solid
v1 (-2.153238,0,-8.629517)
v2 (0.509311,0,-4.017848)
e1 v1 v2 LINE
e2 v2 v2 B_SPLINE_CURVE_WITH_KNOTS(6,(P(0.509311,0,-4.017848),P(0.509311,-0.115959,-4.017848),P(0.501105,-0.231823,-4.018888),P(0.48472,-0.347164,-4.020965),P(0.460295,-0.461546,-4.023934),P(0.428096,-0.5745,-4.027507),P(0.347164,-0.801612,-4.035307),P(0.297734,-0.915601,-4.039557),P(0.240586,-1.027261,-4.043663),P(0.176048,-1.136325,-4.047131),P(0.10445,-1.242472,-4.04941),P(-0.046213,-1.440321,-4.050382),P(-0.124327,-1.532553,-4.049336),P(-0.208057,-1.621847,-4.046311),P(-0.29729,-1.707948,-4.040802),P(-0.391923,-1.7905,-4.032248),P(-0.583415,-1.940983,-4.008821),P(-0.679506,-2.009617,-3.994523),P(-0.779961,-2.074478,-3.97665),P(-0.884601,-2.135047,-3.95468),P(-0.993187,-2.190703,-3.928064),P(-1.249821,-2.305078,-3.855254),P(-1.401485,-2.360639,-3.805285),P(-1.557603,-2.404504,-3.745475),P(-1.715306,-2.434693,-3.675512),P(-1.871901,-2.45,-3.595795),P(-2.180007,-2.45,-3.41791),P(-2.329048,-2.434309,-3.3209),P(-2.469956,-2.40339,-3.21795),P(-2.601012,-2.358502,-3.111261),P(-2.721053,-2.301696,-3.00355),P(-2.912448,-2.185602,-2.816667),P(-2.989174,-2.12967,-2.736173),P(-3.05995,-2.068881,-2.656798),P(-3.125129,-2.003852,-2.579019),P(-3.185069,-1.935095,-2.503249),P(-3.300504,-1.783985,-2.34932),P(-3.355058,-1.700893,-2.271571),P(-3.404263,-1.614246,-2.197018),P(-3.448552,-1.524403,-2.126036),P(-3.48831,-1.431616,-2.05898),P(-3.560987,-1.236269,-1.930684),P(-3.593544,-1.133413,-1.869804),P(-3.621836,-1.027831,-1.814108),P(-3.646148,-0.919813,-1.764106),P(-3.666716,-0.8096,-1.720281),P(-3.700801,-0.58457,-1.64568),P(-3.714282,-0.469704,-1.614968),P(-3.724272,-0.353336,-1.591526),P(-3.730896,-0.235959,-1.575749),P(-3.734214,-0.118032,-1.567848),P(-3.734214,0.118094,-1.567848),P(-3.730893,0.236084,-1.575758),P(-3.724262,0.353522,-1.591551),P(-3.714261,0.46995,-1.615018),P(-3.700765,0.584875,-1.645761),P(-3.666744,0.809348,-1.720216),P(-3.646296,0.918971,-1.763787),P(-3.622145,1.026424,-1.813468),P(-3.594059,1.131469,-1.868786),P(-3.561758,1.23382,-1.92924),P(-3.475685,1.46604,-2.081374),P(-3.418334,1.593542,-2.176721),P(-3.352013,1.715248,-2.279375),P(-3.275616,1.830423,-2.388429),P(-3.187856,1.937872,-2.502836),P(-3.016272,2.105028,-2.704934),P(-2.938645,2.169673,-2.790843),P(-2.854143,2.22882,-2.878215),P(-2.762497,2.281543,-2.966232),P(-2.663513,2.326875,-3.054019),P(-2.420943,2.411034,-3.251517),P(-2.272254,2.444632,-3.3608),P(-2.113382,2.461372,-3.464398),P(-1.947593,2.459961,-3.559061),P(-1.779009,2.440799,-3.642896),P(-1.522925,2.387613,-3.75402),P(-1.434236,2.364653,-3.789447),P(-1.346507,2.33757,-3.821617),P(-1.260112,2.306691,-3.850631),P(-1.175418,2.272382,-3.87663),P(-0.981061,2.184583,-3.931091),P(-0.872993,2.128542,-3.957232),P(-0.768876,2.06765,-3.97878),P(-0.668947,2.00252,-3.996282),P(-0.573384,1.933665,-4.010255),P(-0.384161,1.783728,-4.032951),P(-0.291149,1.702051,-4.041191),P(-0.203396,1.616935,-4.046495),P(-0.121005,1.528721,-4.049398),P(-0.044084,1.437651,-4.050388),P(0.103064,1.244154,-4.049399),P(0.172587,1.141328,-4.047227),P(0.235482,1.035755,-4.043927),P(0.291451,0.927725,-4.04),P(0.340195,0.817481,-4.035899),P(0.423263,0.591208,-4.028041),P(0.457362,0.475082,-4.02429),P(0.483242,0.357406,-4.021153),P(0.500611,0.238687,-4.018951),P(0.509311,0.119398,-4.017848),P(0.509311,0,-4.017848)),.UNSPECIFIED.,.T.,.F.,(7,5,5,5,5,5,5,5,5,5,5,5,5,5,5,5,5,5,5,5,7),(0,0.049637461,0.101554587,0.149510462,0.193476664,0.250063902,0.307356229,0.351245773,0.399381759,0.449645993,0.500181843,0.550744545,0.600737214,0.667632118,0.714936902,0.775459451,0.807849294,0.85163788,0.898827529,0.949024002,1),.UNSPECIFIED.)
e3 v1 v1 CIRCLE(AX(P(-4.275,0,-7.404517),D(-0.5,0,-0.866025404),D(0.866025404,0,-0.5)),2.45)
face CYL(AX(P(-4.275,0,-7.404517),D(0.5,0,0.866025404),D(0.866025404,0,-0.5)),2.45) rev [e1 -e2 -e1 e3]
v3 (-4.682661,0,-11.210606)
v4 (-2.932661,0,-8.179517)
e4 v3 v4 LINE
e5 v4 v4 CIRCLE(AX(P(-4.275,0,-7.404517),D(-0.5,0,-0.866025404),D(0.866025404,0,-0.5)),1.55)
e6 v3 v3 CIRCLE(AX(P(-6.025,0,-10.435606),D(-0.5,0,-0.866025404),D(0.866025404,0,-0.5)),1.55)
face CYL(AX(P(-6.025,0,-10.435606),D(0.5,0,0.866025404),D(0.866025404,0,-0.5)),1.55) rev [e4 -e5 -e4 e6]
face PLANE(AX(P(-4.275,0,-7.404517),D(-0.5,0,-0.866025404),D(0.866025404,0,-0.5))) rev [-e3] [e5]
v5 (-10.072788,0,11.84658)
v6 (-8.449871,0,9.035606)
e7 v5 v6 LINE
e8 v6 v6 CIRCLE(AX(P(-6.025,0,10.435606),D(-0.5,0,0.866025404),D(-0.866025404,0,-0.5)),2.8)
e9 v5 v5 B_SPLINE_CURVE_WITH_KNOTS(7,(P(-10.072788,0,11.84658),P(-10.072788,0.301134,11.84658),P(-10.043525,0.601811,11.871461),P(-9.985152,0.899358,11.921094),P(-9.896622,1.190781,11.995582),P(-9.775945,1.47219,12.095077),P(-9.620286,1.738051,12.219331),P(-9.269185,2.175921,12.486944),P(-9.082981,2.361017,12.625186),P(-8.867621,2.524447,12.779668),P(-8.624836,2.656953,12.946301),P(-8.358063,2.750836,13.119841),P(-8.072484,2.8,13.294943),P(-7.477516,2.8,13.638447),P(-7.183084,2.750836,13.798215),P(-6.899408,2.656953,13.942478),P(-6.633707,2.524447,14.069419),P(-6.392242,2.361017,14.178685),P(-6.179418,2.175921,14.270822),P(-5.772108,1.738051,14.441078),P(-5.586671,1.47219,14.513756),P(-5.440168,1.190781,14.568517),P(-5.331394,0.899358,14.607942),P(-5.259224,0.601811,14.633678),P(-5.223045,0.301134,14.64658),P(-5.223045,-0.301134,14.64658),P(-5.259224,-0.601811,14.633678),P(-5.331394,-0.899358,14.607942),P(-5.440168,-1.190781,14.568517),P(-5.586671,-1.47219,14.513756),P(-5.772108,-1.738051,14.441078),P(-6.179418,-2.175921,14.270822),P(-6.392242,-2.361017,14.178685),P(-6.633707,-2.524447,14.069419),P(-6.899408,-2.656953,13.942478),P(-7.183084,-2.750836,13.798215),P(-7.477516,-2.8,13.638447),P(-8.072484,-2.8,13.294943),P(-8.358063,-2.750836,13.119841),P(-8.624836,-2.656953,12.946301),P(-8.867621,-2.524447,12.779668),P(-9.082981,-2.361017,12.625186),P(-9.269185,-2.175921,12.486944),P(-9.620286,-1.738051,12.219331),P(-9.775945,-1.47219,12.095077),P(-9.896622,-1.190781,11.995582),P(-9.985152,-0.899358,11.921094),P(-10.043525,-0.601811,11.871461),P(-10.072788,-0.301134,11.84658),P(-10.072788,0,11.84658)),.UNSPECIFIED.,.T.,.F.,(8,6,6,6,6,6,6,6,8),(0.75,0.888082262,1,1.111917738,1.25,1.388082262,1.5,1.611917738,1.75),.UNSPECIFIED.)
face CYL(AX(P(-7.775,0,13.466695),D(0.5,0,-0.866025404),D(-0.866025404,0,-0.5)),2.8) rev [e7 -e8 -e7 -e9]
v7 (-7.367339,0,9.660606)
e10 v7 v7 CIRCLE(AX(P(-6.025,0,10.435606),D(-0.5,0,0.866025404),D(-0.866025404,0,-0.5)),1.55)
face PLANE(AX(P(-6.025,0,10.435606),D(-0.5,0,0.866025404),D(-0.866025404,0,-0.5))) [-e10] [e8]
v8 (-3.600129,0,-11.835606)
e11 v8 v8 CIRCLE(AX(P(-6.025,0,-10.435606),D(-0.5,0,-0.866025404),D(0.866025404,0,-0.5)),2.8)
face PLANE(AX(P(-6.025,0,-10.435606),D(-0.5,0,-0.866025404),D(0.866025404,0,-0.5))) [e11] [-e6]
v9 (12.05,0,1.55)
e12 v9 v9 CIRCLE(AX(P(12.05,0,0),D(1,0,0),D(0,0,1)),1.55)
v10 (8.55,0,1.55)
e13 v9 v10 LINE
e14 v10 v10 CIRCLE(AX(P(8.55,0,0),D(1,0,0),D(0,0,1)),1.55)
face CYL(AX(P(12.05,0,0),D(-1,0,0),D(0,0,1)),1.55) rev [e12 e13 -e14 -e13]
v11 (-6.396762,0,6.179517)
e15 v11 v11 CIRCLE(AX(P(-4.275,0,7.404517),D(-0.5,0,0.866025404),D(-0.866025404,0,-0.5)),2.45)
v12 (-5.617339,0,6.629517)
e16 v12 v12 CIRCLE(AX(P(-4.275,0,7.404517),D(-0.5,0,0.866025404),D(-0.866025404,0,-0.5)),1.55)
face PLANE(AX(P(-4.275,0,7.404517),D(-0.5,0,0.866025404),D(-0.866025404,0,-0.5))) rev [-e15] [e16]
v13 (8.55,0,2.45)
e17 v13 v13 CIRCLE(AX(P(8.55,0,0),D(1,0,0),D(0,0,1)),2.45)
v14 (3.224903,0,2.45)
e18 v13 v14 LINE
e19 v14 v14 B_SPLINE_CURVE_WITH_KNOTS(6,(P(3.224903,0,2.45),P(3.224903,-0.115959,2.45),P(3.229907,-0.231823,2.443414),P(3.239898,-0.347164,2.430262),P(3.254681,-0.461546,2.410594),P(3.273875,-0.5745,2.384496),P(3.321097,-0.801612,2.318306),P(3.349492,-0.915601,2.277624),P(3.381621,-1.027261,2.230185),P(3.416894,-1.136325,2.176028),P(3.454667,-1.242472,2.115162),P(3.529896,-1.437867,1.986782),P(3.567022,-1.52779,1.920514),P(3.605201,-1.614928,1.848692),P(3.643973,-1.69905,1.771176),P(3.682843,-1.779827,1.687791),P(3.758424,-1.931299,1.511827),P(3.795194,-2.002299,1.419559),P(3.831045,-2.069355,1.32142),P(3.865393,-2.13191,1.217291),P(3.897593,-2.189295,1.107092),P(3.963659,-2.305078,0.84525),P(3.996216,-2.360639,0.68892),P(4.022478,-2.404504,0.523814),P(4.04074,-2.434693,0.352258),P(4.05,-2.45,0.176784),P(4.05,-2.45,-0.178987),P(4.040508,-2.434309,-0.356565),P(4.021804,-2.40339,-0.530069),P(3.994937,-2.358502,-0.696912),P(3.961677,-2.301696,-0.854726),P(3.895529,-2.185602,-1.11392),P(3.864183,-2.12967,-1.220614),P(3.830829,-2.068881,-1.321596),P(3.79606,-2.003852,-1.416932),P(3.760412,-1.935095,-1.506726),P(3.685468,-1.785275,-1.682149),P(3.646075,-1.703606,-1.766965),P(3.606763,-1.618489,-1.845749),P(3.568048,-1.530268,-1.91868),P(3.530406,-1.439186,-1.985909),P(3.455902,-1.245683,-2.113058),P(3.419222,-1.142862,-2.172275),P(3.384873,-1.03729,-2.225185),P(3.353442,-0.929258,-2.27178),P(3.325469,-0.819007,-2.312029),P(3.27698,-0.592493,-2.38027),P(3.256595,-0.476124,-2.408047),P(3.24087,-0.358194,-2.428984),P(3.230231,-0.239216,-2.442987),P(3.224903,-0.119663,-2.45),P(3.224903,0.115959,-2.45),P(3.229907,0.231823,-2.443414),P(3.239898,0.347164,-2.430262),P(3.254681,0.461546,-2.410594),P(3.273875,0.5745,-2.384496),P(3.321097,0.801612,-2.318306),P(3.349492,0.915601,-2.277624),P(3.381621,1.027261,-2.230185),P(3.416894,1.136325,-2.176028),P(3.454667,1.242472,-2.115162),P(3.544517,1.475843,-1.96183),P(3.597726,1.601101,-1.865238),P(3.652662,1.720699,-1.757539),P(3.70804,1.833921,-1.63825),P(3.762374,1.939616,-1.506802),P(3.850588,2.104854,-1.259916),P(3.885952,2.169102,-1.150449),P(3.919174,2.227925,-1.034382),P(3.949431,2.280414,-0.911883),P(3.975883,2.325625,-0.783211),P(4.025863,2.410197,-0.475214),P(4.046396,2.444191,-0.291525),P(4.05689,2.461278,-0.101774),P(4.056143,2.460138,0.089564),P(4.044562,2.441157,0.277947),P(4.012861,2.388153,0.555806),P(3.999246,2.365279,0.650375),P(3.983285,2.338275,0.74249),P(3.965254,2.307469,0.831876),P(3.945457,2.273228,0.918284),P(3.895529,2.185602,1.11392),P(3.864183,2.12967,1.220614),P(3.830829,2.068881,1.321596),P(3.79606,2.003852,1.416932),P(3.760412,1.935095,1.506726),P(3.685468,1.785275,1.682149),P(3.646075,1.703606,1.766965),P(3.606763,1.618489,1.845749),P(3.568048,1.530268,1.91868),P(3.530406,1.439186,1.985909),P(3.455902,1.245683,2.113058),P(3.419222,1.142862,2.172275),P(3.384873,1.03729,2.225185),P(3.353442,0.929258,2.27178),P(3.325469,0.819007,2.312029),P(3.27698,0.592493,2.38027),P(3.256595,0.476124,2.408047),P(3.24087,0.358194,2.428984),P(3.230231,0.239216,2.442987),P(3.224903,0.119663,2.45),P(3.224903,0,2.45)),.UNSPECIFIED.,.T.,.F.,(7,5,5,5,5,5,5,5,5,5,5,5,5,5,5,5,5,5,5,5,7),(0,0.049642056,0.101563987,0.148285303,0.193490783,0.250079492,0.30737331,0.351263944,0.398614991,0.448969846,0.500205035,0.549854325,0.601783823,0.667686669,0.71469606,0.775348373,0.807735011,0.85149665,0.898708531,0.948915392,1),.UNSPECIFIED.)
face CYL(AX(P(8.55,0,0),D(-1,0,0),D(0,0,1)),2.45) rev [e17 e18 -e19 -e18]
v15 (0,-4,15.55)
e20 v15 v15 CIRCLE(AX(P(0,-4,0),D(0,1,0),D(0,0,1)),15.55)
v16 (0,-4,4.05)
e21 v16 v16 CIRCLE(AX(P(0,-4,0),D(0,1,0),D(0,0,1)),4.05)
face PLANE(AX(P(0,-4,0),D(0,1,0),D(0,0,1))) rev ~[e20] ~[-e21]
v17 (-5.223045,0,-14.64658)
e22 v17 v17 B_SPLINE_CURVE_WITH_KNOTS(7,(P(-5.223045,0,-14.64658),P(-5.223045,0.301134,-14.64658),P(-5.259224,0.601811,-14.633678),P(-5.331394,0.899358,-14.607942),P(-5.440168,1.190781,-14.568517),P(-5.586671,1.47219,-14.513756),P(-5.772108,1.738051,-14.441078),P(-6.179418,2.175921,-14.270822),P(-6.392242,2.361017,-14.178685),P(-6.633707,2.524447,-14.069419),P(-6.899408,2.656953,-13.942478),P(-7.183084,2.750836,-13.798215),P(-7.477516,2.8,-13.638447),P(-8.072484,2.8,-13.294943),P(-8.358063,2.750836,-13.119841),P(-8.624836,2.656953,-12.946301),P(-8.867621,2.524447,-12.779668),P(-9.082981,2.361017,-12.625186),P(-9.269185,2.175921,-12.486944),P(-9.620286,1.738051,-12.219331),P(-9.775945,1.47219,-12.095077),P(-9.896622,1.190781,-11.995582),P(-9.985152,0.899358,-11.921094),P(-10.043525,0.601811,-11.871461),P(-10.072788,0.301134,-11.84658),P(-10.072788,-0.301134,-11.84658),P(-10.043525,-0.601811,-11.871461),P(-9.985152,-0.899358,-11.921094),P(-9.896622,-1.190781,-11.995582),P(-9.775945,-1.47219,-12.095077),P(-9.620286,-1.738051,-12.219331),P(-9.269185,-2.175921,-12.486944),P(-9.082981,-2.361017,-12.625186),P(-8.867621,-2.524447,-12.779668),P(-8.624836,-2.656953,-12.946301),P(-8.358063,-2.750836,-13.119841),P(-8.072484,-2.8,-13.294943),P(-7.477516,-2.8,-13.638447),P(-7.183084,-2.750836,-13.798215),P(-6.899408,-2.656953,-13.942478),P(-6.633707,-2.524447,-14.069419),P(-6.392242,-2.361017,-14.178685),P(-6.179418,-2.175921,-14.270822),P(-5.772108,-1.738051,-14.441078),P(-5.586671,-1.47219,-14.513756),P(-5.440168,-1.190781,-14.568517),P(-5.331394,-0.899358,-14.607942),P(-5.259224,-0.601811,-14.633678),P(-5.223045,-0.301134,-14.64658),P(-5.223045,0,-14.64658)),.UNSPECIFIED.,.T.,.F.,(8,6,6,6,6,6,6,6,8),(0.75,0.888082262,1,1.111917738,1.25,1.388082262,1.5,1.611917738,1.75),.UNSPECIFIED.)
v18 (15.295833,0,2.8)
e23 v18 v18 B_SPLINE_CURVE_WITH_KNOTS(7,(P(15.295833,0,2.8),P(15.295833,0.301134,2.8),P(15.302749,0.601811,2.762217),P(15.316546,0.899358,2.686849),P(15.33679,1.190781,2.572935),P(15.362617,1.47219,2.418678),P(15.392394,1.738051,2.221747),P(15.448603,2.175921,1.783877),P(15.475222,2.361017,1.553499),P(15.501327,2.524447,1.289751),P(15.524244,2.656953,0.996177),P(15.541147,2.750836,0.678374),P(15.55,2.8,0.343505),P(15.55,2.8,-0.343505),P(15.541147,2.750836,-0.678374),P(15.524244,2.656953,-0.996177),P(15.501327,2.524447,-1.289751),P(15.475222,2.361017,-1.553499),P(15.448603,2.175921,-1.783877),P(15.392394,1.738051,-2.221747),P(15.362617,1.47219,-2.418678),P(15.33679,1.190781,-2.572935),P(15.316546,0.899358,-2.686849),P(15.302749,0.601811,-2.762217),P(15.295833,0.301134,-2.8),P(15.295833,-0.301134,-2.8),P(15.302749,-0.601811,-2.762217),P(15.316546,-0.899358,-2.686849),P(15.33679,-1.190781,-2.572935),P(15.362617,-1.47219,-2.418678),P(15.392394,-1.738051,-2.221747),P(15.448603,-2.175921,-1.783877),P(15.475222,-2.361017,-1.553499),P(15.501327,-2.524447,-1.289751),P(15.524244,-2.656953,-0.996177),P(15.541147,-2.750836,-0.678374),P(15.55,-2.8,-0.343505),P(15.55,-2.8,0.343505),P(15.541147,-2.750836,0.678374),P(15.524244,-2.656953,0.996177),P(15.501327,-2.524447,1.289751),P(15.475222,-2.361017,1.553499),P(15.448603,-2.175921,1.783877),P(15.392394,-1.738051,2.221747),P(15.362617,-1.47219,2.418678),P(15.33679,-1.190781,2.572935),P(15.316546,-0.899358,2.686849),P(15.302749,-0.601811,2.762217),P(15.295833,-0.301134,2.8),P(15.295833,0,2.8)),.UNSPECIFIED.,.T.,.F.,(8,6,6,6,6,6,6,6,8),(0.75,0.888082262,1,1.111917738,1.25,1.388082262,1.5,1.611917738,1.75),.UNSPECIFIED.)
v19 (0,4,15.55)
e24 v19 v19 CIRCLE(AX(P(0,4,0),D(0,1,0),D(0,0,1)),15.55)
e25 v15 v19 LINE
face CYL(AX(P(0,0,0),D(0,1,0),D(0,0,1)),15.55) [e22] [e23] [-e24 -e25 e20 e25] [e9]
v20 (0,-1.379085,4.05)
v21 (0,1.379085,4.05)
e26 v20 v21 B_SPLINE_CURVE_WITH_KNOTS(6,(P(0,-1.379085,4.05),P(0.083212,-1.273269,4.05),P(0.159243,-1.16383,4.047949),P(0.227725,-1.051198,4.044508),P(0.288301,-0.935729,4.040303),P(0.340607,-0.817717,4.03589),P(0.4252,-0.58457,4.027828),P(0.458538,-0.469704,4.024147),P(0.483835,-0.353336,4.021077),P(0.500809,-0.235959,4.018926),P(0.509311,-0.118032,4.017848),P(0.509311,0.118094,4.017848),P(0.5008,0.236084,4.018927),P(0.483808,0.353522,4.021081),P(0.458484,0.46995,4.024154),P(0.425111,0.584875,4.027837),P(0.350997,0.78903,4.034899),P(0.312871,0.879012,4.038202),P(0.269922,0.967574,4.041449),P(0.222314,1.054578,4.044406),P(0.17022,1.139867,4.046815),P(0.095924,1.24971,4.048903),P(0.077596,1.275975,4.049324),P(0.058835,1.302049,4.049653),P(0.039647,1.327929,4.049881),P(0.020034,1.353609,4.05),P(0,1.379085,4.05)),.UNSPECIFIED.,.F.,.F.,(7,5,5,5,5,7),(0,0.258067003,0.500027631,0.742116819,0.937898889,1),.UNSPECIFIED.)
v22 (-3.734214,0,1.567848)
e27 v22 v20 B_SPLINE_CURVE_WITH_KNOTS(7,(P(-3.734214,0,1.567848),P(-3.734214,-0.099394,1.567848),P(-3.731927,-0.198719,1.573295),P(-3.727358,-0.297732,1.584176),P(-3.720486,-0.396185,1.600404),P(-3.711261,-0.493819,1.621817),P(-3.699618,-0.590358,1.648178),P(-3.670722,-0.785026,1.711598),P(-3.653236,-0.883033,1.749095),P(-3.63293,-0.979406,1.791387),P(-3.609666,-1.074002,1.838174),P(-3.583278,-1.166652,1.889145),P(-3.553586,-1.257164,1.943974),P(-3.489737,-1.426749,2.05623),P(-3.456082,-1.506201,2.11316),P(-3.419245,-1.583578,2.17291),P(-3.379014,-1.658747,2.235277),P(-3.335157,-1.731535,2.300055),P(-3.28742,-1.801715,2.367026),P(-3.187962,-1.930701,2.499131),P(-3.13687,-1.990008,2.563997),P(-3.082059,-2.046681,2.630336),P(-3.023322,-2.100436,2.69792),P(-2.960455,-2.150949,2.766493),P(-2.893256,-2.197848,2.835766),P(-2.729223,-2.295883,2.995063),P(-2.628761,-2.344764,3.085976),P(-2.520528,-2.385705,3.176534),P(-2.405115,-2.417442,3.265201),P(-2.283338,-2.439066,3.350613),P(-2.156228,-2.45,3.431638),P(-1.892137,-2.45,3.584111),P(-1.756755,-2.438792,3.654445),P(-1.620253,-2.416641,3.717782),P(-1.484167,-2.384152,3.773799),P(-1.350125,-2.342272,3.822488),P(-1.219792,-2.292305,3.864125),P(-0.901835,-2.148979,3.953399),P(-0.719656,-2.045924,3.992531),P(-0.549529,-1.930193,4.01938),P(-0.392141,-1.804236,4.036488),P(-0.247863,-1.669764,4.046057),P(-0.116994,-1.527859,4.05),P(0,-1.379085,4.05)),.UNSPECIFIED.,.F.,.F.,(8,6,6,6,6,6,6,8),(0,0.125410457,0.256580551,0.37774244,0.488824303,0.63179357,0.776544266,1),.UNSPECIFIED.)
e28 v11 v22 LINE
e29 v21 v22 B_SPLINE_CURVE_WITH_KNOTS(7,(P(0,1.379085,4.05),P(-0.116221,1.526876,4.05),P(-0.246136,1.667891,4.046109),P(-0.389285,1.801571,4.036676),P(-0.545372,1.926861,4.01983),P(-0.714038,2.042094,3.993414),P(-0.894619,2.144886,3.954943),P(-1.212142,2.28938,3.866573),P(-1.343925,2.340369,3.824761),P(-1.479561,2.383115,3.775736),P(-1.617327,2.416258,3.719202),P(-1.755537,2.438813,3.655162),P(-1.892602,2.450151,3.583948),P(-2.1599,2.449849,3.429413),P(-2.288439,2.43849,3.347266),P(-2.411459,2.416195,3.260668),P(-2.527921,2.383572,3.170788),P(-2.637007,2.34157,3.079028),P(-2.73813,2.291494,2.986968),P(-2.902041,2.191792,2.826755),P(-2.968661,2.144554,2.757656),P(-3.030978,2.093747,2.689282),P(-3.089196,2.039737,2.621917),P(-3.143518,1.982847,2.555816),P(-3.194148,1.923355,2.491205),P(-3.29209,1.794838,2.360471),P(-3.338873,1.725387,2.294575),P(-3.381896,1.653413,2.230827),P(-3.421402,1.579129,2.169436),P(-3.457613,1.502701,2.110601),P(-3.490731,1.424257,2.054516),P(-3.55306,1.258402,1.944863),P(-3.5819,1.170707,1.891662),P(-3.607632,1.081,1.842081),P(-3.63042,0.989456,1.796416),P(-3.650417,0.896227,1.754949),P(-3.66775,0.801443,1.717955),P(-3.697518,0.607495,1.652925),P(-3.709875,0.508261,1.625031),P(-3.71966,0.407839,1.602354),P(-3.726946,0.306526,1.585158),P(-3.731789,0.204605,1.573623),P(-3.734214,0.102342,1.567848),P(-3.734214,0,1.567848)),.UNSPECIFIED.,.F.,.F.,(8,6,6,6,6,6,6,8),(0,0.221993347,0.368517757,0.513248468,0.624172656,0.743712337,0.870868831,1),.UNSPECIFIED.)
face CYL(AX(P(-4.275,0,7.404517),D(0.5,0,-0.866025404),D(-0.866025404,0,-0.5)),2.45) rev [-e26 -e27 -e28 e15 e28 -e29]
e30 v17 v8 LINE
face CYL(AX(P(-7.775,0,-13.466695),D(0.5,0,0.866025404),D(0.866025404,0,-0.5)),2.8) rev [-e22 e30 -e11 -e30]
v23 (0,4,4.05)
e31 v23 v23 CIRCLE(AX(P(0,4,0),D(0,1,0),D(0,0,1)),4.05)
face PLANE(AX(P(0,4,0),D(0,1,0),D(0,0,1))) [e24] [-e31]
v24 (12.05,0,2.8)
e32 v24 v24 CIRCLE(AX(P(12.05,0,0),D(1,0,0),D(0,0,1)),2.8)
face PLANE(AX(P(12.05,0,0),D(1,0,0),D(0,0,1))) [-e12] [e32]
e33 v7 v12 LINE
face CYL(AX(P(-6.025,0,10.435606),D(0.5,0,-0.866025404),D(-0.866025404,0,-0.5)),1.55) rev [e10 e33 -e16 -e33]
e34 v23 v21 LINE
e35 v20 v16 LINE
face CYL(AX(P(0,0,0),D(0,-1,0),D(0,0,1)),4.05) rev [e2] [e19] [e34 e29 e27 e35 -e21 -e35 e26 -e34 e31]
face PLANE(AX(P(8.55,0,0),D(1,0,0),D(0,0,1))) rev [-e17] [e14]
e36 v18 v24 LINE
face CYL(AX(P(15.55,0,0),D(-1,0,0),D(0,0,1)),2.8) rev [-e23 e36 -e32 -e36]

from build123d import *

# Parameters (mm, degrees)
SKETCH1_R           = 15.55
SKETCH1_R_2         = 4.05
BOSS_EXTRUDE1_DEPTH = 4
CIRPATTERN1_COUNT   = 3


with BuildPart() as part:
    # Sketch1 → Boss-Extrude1 (new, symmetric)
    with BuildSketch(Plane(origin=(0, 0, 0), x_dir=(1, 0, 0), z_dir=(0, 1, 0))):
        with Locations(Location((0, 0, 0), (0, 0, 270))):
            Circle(SKETCH1_R)
        with Locations(Location((0, 0, 0), (0, 0, 270))):
            Circle(SKETCH1_R_2, mode=Mode.SUBTRACT)
    extrude(amount=BOSS_EXTRUDE1_DEPTH, both=True)

    # Sketch3 → Cut-Revolve1 (revolve, cut)
    with BuildSketch(Plane(origin=(0, 0, 0), x_dir=(1, 0, 0), z_dir=(0, 1, 0)), mode=Mode.PRIVATE) as cut_revolve1_sk:
        Polygon((15.55, 0), (15.55, 2.8), (12.05, 2.8), (12.05, 1.55), (8.55, 1.55), (8.55, 2.45), (1.114592602, 2.45), (1.114592602, 0), align=None)
    cut_revolve1 = revolve(cut_revolve1_sk.sketch.rotate(Axis((0, 0, 0), (1, 0, 0)), 180), axis=Axis((0, 0, 0), (1, 0, 0)), mode=Mode.SUBTRACT)

    # CirPattern1: Cut-Revolve1 ×3 about axis
    cirpattern1_axis = Axis((0, 0, 0), (0, 1, 0))
    for i in range(1, CIRPATTERN1_COUNT):
        add(cut_revolve1.rotate(cirpattern1_axis, i * 360 / CIRPATTERN1_COUNT), mode=Mode.SUBTRACT)


solid = part.part
